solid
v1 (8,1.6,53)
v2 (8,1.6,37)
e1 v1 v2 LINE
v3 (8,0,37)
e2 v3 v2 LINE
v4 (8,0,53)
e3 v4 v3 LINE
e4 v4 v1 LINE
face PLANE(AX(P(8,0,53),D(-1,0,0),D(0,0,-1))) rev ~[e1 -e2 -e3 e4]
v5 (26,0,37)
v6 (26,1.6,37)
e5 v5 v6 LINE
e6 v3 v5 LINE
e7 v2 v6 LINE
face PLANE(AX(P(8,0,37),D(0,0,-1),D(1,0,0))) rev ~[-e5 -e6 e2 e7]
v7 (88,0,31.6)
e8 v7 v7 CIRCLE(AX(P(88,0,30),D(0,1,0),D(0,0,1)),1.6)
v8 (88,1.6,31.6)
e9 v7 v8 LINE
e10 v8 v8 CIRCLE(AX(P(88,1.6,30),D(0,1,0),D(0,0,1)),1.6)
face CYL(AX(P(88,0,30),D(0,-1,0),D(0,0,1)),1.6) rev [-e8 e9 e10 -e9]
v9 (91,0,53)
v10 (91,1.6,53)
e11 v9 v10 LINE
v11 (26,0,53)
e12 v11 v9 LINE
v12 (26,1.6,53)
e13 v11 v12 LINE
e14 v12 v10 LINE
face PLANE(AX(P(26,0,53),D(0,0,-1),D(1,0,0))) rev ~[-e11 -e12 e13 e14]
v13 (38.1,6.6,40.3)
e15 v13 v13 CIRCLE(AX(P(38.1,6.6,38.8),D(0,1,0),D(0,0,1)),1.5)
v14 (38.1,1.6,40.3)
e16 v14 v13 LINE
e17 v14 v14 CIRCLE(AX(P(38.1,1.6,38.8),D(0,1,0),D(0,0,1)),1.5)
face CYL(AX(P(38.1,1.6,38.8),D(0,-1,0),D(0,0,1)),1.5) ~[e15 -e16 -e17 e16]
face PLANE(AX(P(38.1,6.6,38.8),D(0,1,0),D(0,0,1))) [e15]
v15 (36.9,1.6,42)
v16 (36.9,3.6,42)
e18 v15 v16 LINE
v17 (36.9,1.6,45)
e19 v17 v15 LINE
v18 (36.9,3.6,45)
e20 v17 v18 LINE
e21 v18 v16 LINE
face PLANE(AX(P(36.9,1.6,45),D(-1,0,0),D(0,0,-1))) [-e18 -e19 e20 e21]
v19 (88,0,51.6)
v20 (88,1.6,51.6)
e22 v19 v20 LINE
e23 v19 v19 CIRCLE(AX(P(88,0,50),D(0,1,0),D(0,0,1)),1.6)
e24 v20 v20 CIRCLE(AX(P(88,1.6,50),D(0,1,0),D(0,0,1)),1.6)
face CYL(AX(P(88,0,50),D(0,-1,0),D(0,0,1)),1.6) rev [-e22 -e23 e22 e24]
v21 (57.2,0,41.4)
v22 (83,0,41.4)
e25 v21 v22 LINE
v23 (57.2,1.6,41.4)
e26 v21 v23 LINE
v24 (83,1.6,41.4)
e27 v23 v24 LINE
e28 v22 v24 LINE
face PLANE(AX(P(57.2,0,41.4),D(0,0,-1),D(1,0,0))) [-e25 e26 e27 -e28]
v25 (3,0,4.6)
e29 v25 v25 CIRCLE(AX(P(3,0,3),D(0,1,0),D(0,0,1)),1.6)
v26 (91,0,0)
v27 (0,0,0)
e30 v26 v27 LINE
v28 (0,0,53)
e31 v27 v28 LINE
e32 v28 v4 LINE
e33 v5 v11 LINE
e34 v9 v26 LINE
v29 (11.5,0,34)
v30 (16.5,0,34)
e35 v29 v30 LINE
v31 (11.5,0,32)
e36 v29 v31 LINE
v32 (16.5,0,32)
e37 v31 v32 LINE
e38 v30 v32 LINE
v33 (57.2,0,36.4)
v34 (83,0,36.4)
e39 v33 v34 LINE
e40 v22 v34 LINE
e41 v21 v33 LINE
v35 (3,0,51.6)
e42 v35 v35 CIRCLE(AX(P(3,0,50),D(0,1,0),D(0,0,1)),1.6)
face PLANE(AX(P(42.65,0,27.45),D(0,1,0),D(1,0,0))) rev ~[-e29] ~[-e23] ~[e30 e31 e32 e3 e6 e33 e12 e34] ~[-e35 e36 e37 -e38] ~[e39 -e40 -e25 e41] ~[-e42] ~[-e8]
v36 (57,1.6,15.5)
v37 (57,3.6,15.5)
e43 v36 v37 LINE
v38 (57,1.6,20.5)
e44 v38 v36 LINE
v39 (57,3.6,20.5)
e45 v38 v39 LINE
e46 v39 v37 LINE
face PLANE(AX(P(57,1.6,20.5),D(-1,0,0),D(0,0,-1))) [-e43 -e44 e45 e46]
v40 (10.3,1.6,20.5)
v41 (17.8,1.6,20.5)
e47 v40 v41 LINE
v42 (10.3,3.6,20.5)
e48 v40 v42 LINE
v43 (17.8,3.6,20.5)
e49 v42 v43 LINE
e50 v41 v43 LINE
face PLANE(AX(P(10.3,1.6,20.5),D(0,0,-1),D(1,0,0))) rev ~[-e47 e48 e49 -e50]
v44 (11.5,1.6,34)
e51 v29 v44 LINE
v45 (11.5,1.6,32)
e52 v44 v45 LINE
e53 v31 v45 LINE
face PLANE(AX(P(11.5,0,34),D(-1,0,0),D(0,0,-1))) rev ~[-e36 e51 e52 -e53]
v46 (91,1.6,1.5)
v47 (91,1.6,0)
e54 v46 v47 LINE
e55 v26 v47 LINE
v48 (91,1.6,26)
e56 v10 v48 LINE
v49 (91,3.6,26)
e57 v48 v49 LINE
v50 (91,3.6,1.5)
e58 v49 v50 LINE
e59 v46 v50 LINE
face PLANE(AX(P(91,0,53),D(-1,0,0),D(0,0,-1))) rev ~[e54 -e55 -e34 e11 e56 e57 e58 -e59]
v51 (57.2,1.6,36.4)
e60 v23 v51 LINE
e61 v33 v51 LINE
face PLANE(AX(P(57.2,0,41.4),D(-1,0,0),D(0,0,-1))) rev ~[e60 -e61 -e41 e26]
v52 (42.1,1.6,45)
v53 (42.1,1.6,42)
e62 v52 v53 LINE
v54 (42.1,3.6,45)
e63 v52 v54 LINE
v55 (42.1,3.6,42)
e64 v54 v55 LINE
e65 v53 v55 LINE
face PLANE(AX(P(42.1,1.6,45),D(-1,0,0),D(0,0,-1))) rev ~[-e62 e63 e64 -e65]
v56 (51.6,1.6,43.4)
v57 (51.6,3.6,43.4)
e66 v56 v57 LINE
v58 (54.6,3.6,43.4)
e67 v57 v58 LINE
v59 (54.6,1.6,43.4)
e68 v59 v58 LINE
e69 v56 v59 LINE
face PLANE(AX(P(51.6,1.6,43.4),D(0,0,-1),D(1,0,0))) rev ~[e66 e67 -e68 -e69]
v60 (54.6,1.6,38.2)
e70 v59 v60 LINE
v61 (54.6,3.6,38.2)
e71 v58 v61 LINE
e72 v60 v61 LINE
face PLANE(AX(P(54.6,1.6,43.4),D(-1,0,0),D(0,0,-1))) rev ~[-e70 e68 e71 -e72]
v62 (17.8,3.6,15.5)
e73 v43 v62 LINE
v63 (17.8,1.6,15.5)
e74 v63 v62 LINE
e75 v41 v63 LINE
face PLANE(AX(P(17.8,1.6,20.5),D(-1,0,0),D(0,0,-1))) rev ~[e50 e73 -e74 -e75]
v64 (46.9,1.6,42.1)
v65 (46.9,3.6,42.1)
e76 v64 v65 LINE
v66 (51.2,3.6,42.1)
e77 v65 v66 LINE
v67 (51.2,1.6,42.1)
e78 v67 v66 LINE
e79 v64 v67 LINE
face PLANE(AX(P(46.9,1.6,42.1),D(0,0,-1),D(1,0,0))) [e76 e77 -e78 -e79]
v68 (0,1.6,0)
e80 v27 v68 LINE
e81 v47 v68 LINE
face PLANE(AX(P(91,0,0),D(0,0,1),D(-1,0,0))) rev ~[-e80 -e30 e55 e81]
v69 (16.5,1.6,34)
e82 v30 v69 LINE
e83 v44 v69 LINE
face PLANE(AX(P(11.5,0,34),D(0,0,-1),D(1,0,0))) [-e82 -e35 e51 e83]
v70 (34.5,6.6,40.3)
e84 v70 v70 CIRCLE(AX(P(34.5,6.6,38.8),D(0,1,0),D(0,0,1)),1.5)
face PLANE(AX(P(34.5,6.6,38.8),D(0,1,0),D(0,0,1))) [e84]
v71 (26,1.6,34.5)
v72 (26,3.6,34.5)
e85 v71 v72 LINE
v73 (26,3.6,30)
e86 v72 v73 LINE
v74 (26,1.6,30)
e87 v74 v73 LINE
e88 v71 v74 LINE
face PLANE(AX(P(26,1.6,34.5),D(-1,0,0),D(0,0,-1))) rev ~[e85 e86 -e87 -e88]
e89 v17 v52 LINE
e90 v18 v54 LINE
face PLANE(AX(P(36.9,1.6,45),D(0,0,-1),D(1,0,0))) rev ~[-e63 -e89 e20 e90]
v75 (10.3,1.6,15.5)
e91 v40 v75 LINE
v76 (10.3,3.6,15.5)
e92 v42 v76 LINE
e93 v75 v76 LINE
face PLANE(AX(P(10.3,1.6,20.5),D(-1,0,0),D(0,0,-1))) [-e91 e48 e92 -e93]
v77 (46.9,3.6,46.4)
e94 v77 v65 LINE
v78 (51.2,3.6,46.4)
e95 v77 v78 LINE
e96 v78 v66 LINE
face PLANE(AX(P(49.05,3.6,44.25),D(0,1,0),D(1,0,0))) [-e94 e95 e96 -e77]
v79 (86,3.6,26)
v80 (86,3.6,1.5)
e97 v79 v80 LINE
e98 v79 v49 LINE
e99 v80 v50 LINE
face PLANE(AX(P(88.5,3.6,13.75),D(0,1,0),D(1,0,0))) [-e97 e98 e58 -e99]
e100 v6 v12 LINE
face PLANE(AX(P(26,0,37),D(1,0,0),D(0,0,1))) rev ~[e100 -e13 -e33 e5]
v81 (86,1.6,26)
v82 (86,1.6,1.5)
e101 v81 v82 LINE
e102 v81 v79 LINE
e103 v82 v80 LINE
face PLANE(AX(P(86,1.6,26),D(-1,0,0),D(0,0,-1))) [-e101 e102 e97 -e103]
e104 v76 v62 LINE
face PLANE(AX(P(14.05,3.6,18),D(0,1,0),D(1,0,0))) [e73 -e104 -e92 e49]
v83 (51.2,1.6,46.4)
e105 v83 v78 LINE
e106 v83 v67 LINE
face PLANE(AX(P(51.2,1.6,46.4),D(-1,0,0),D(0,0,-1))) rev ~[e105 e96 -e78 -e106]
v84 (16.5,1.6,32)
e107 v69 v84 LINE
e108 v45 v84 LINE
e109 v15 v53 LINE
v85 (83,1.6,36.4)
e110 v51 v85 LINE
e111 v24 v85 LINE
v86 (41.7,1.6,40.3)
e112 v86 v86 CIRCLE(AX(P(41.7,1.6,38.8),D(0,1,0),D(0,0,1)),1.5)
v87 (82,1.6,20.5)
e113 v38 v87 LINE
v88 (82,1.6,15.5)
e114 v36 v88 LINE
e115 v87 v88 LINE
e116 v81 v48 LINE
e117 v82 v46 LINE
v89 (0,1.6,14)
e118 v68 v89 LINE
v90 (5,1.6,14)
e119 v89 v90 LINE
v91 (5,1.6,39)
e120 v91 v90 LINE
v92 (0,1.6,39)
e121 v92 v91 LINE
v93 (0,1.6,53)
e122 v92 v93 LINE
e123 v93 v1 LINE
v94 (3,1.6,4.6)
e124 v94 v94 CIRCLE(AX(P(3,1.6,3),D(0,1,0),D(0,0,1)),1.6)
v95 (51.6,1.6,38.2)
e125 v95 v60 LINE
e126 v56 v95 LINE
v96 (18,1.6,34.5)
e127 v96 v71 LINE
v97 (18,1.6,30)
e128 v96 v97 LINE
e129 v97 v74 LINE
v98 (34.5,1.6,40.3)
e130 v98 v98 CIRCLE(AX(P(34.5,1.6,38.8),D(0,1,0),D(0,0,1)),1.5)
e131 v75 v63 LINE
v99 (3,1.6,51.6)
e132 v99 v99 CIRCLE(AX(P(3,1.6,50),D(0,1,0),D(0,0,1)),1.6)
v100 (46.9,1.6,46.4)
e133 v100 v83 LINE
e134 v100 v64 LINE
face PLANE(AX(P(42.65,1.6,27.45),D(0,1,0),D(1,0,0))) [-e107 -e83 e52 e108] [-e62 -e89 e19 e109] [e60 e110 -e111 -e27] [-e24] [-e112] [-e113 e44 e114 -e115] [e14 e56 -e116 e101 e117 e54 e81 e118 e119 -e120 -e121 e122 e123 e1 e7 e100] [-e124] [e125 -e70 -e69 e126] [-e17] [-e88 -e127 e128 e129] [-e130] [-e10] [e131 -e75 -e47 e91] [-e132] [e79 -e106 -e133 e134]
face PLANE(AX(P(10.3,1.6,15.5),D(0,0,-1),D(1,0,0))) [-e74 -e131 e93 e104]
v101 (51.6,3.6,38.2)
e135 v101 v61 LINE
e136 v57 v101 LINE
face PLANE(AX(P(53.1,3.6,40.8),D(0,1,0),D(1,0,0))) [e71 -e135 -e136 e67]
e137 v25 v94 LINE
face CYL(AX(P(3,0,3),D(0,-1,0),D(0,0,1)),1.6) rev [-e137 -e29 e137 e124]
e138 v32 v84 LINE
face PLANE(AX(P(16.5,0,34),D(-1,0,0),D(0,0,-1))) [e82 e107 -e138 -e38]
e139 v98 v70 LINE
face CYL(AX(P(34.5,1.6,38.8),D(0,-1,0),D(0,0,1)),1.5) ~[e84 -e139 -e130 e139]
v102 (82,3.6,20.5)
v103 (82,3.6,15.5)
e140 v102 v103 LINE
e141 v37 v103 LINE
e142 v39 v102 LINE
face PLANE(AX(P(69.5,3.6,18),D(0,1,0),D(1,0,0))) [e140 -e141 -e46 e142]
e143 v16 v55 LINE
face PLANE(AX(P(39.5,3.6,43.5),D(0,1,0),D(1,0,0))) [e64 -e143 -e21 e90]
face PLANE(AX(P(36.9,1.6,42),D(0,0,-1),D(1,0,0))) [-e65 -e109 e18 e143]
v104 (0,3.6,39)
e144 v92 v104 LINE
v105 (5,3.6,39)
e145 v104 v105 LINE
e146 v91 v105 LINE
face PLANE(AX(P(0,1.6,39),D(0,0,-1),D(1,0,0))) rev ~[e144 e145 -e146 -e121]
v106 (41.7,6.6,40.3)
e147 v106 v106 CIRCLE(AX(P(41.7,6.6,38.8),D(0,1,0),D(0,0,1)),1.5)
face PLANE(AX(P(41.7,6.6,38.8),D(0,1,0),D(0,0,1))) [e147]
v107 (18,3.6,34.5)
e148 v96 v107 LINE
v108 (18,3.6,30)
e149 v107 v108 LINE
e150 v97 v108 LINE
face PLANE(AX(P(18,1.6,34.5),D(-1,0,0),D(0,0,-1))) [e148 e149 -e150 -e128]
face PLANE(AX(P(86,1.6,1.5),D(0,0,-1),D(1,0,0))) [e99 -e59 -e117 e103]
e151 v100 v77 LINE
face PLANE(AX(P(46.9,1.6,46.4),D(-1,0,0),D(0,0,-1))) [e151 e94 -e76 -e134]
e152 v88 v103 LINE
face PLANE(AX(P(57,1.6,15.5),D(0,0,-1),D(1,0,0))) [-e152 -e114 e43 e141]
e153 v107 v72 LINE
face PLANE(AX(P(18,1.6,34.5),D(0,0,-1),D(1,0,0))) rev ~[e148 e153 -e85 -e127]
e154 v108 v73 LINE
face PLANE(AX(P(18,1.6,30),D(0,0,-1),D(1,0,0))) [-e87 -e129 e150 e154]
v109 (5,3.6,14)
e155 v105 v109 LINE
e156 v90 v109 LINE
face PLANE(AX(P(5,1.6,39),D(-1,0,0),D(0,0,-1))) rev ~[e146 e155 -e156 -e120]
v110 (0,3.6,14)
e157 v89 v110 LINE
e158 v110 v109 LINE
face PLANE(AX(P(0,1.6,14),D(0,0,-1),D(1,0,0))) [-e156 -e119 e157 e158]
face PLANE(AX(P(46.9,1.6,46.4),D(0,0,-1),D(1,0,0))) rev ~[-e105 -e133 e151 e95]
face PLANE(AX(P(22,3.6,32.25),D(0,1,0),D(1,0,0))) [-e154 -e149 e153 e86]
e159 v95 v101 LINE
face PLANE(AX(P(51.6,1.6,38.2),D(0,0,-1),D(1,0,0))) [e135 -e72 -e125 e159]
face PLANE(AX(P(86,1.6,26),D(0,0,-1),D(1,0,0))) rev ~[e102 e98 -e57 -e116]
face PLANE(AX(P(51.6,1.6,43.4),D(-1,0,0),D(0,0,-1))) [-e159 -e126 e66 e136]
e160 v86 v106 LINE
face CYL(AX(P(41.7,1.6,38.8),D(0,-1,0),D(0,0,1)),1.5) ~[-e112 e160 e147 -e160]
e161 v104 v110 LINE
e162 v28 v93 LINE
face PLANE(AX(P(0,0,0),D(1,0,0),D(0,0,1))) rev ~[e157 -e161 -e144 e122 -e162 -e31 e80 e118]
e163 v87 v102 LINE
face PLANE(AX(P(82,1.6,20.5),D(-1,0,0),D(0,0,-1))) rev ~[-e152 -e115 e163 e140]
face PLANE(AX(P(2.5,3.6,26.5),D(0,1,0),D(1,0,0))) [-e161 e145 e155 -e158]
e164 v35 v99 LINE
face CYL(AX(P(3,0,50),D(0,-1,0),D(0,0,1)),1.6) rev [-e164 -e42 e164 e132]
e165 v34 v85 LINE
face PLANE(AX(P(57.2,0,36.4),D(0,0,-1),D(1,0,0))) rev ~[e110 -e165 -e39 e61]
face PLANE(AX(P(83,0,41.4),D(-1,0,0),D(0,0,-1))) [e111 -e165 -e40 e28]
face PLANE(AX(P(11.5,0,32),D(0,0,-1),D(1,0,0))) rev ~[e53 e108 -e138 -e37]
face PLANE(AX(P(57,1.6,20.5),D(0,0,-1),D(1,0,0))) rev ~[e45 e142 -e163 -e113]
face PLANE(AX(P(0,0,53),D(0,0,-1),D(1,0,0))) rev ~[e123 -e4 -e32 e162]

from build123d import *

# Parameters (mm, degrees)
SKETCH_2_R      = 1.6
SKETCH_2_W      = 5
SKETCH_2_H      = 2
SKETCH_2_W_2    = 25.8
SKETCH_2_H_2    = 5
EXTRUDE_1_DEPTH = 1.6
SKETCH_3_W      = 5
SKETCH_3_H      = 25
SKETCH_3_W_2    = 7.5
SKETCH_3_H_2    = 5
SKETCH_3_W_3    = 8
SKETCH_3_H_3    = 4.5
SKETCH_3_W_4    = 25
SKETCH_3_H_4    = 24.5
EXTRUDE_2_DEPTH = 2
SKETCH_4_R      = 1.5
EXTRUDE_3_DEPTH = 5
SKETCH_5_W      = 5.2
SKETCH_5_H      = 3
SKETCH_5_W_2    = 4.3
SKETCH_5_H_2    = 4.3
SKETCH_5_W_3    = 3
SKETCH_5_H_3    = 5.2
EXTRUDE_4_DEPTH = 2


with BuildPart() as part:
    # 草图2 → 凸台-拉伸1 (new body)
    with BuildSketch(Plane(origin=(0, 0, 0), x_dir=(1, 0, 0), z_dir=(0, 1, 0))):
        Polygon((0, 0), (0, -53), (8, -53), (8, -37), (26, -37), (26, -53), (91, -53), (91, 0), align=None)
        with Locations(Location((3, -50, 0), (0, 0, 270))):
            Circle(SKETCH_2_R, mode=Mode.SUBTRACT)
        with Locations(Location((3, -3, 0), (0, 0, 270))):
            Circle(SKETCH_2_R, mode=Mode.SUBTRACT)
        with Locations(Location((88, -30, 0), (0, 0, 270))):
            Circle(SKETCH_2_R, mode=Mode.SUBTRACT)
        with Locations(Location((88, -50, 0), (0, 0, 270))):
            Circle(SKETCH_2_R, mode=Mode.SUBTRACT)
        with Locations((14, -33)):
            Rectangle(SKETCH_2_W, SKETCH_2_H, mode=Mode.SUBTRACT)
        with Locations((70.1, -38.9)):
            Rectangle(SKETCH_2_W_2, SKETCH_2_H_2, mode=Mode.SUBTRACT)
    extrude(amount=EXTRUDE_1_DEPTH)

    # 草图3 → 凸台-拉伸2 (add)
    with BuildSketch(Plane(origin=(0, 1.6, 0), x_dir=(1, 0, 0), z_dir=(0, 1, 0))):
        with Locations((2.5, -26.5)):
            Rectangle(SKETCH_3_W, SKETCH_3_H)
        with Locations((14.05, -18)):
            Rectangle(SKETCH_3_W_2, SKETCH_3_H_2)
        with Locations((22, -32.25)):
            Rectangle(SKETCH_3_W_3, SKETCH_3_H_3)
        with Locations((69.5, -18)):
            Rectangle(SKETCH_3_W_4, SKETCH_3_H_2)
        with Locations((88.5, -13.75)):
            Rectangle(SKETCH_3_W, SKETCH_3_H_4)
    extrude(amount=EXTRUDE_2_DEPTH)

    # 草图4 → 凸台-拉伸3 (add)
    with BuildSketch(Plane(origin=(0, 1.6, 0), x_dir=(1, 0, 0), z_dir=(0, 1, 0))):
        with Locations(Location((34.5, -38.8, 0), (0, 0, 270))):
            Circle(SKETCH_4_R)
        with Locations(Location((38.1, -38.8, 0), (0, 0, 270))):
            Circle(SKETCH_4_R)
        with Locations(Location((41.7, -38.8, 0), (0, 0, 270))):
            Circle(SKETCH_4_R)
    extrude(amount=EXTRUDE_3_DEPTH)

    # 草图5 → 凸台-拉伸4 (add)
    with BuildSketch(Plane(origin=(0, 1.6, 0), x_dir=(1, 0, 0), z_dir=(0, 1, 0))):
        with Locations((39.5, -43.5)):
            Rectangle(SKETCH_5_W, SKETCH_5_H)
        with Locations((49.05, -44.25)):
            Rectangle(SKETCH_5_W_2, SKETCH_5_H_2)
        with Locations((53.1, -40.8)):
            Rectangle(SKETCH_5_W_3, SKETCH_5_H_3)
    extrude(amount=EXTRUDE_4_DEPTH)


solid = part.part
